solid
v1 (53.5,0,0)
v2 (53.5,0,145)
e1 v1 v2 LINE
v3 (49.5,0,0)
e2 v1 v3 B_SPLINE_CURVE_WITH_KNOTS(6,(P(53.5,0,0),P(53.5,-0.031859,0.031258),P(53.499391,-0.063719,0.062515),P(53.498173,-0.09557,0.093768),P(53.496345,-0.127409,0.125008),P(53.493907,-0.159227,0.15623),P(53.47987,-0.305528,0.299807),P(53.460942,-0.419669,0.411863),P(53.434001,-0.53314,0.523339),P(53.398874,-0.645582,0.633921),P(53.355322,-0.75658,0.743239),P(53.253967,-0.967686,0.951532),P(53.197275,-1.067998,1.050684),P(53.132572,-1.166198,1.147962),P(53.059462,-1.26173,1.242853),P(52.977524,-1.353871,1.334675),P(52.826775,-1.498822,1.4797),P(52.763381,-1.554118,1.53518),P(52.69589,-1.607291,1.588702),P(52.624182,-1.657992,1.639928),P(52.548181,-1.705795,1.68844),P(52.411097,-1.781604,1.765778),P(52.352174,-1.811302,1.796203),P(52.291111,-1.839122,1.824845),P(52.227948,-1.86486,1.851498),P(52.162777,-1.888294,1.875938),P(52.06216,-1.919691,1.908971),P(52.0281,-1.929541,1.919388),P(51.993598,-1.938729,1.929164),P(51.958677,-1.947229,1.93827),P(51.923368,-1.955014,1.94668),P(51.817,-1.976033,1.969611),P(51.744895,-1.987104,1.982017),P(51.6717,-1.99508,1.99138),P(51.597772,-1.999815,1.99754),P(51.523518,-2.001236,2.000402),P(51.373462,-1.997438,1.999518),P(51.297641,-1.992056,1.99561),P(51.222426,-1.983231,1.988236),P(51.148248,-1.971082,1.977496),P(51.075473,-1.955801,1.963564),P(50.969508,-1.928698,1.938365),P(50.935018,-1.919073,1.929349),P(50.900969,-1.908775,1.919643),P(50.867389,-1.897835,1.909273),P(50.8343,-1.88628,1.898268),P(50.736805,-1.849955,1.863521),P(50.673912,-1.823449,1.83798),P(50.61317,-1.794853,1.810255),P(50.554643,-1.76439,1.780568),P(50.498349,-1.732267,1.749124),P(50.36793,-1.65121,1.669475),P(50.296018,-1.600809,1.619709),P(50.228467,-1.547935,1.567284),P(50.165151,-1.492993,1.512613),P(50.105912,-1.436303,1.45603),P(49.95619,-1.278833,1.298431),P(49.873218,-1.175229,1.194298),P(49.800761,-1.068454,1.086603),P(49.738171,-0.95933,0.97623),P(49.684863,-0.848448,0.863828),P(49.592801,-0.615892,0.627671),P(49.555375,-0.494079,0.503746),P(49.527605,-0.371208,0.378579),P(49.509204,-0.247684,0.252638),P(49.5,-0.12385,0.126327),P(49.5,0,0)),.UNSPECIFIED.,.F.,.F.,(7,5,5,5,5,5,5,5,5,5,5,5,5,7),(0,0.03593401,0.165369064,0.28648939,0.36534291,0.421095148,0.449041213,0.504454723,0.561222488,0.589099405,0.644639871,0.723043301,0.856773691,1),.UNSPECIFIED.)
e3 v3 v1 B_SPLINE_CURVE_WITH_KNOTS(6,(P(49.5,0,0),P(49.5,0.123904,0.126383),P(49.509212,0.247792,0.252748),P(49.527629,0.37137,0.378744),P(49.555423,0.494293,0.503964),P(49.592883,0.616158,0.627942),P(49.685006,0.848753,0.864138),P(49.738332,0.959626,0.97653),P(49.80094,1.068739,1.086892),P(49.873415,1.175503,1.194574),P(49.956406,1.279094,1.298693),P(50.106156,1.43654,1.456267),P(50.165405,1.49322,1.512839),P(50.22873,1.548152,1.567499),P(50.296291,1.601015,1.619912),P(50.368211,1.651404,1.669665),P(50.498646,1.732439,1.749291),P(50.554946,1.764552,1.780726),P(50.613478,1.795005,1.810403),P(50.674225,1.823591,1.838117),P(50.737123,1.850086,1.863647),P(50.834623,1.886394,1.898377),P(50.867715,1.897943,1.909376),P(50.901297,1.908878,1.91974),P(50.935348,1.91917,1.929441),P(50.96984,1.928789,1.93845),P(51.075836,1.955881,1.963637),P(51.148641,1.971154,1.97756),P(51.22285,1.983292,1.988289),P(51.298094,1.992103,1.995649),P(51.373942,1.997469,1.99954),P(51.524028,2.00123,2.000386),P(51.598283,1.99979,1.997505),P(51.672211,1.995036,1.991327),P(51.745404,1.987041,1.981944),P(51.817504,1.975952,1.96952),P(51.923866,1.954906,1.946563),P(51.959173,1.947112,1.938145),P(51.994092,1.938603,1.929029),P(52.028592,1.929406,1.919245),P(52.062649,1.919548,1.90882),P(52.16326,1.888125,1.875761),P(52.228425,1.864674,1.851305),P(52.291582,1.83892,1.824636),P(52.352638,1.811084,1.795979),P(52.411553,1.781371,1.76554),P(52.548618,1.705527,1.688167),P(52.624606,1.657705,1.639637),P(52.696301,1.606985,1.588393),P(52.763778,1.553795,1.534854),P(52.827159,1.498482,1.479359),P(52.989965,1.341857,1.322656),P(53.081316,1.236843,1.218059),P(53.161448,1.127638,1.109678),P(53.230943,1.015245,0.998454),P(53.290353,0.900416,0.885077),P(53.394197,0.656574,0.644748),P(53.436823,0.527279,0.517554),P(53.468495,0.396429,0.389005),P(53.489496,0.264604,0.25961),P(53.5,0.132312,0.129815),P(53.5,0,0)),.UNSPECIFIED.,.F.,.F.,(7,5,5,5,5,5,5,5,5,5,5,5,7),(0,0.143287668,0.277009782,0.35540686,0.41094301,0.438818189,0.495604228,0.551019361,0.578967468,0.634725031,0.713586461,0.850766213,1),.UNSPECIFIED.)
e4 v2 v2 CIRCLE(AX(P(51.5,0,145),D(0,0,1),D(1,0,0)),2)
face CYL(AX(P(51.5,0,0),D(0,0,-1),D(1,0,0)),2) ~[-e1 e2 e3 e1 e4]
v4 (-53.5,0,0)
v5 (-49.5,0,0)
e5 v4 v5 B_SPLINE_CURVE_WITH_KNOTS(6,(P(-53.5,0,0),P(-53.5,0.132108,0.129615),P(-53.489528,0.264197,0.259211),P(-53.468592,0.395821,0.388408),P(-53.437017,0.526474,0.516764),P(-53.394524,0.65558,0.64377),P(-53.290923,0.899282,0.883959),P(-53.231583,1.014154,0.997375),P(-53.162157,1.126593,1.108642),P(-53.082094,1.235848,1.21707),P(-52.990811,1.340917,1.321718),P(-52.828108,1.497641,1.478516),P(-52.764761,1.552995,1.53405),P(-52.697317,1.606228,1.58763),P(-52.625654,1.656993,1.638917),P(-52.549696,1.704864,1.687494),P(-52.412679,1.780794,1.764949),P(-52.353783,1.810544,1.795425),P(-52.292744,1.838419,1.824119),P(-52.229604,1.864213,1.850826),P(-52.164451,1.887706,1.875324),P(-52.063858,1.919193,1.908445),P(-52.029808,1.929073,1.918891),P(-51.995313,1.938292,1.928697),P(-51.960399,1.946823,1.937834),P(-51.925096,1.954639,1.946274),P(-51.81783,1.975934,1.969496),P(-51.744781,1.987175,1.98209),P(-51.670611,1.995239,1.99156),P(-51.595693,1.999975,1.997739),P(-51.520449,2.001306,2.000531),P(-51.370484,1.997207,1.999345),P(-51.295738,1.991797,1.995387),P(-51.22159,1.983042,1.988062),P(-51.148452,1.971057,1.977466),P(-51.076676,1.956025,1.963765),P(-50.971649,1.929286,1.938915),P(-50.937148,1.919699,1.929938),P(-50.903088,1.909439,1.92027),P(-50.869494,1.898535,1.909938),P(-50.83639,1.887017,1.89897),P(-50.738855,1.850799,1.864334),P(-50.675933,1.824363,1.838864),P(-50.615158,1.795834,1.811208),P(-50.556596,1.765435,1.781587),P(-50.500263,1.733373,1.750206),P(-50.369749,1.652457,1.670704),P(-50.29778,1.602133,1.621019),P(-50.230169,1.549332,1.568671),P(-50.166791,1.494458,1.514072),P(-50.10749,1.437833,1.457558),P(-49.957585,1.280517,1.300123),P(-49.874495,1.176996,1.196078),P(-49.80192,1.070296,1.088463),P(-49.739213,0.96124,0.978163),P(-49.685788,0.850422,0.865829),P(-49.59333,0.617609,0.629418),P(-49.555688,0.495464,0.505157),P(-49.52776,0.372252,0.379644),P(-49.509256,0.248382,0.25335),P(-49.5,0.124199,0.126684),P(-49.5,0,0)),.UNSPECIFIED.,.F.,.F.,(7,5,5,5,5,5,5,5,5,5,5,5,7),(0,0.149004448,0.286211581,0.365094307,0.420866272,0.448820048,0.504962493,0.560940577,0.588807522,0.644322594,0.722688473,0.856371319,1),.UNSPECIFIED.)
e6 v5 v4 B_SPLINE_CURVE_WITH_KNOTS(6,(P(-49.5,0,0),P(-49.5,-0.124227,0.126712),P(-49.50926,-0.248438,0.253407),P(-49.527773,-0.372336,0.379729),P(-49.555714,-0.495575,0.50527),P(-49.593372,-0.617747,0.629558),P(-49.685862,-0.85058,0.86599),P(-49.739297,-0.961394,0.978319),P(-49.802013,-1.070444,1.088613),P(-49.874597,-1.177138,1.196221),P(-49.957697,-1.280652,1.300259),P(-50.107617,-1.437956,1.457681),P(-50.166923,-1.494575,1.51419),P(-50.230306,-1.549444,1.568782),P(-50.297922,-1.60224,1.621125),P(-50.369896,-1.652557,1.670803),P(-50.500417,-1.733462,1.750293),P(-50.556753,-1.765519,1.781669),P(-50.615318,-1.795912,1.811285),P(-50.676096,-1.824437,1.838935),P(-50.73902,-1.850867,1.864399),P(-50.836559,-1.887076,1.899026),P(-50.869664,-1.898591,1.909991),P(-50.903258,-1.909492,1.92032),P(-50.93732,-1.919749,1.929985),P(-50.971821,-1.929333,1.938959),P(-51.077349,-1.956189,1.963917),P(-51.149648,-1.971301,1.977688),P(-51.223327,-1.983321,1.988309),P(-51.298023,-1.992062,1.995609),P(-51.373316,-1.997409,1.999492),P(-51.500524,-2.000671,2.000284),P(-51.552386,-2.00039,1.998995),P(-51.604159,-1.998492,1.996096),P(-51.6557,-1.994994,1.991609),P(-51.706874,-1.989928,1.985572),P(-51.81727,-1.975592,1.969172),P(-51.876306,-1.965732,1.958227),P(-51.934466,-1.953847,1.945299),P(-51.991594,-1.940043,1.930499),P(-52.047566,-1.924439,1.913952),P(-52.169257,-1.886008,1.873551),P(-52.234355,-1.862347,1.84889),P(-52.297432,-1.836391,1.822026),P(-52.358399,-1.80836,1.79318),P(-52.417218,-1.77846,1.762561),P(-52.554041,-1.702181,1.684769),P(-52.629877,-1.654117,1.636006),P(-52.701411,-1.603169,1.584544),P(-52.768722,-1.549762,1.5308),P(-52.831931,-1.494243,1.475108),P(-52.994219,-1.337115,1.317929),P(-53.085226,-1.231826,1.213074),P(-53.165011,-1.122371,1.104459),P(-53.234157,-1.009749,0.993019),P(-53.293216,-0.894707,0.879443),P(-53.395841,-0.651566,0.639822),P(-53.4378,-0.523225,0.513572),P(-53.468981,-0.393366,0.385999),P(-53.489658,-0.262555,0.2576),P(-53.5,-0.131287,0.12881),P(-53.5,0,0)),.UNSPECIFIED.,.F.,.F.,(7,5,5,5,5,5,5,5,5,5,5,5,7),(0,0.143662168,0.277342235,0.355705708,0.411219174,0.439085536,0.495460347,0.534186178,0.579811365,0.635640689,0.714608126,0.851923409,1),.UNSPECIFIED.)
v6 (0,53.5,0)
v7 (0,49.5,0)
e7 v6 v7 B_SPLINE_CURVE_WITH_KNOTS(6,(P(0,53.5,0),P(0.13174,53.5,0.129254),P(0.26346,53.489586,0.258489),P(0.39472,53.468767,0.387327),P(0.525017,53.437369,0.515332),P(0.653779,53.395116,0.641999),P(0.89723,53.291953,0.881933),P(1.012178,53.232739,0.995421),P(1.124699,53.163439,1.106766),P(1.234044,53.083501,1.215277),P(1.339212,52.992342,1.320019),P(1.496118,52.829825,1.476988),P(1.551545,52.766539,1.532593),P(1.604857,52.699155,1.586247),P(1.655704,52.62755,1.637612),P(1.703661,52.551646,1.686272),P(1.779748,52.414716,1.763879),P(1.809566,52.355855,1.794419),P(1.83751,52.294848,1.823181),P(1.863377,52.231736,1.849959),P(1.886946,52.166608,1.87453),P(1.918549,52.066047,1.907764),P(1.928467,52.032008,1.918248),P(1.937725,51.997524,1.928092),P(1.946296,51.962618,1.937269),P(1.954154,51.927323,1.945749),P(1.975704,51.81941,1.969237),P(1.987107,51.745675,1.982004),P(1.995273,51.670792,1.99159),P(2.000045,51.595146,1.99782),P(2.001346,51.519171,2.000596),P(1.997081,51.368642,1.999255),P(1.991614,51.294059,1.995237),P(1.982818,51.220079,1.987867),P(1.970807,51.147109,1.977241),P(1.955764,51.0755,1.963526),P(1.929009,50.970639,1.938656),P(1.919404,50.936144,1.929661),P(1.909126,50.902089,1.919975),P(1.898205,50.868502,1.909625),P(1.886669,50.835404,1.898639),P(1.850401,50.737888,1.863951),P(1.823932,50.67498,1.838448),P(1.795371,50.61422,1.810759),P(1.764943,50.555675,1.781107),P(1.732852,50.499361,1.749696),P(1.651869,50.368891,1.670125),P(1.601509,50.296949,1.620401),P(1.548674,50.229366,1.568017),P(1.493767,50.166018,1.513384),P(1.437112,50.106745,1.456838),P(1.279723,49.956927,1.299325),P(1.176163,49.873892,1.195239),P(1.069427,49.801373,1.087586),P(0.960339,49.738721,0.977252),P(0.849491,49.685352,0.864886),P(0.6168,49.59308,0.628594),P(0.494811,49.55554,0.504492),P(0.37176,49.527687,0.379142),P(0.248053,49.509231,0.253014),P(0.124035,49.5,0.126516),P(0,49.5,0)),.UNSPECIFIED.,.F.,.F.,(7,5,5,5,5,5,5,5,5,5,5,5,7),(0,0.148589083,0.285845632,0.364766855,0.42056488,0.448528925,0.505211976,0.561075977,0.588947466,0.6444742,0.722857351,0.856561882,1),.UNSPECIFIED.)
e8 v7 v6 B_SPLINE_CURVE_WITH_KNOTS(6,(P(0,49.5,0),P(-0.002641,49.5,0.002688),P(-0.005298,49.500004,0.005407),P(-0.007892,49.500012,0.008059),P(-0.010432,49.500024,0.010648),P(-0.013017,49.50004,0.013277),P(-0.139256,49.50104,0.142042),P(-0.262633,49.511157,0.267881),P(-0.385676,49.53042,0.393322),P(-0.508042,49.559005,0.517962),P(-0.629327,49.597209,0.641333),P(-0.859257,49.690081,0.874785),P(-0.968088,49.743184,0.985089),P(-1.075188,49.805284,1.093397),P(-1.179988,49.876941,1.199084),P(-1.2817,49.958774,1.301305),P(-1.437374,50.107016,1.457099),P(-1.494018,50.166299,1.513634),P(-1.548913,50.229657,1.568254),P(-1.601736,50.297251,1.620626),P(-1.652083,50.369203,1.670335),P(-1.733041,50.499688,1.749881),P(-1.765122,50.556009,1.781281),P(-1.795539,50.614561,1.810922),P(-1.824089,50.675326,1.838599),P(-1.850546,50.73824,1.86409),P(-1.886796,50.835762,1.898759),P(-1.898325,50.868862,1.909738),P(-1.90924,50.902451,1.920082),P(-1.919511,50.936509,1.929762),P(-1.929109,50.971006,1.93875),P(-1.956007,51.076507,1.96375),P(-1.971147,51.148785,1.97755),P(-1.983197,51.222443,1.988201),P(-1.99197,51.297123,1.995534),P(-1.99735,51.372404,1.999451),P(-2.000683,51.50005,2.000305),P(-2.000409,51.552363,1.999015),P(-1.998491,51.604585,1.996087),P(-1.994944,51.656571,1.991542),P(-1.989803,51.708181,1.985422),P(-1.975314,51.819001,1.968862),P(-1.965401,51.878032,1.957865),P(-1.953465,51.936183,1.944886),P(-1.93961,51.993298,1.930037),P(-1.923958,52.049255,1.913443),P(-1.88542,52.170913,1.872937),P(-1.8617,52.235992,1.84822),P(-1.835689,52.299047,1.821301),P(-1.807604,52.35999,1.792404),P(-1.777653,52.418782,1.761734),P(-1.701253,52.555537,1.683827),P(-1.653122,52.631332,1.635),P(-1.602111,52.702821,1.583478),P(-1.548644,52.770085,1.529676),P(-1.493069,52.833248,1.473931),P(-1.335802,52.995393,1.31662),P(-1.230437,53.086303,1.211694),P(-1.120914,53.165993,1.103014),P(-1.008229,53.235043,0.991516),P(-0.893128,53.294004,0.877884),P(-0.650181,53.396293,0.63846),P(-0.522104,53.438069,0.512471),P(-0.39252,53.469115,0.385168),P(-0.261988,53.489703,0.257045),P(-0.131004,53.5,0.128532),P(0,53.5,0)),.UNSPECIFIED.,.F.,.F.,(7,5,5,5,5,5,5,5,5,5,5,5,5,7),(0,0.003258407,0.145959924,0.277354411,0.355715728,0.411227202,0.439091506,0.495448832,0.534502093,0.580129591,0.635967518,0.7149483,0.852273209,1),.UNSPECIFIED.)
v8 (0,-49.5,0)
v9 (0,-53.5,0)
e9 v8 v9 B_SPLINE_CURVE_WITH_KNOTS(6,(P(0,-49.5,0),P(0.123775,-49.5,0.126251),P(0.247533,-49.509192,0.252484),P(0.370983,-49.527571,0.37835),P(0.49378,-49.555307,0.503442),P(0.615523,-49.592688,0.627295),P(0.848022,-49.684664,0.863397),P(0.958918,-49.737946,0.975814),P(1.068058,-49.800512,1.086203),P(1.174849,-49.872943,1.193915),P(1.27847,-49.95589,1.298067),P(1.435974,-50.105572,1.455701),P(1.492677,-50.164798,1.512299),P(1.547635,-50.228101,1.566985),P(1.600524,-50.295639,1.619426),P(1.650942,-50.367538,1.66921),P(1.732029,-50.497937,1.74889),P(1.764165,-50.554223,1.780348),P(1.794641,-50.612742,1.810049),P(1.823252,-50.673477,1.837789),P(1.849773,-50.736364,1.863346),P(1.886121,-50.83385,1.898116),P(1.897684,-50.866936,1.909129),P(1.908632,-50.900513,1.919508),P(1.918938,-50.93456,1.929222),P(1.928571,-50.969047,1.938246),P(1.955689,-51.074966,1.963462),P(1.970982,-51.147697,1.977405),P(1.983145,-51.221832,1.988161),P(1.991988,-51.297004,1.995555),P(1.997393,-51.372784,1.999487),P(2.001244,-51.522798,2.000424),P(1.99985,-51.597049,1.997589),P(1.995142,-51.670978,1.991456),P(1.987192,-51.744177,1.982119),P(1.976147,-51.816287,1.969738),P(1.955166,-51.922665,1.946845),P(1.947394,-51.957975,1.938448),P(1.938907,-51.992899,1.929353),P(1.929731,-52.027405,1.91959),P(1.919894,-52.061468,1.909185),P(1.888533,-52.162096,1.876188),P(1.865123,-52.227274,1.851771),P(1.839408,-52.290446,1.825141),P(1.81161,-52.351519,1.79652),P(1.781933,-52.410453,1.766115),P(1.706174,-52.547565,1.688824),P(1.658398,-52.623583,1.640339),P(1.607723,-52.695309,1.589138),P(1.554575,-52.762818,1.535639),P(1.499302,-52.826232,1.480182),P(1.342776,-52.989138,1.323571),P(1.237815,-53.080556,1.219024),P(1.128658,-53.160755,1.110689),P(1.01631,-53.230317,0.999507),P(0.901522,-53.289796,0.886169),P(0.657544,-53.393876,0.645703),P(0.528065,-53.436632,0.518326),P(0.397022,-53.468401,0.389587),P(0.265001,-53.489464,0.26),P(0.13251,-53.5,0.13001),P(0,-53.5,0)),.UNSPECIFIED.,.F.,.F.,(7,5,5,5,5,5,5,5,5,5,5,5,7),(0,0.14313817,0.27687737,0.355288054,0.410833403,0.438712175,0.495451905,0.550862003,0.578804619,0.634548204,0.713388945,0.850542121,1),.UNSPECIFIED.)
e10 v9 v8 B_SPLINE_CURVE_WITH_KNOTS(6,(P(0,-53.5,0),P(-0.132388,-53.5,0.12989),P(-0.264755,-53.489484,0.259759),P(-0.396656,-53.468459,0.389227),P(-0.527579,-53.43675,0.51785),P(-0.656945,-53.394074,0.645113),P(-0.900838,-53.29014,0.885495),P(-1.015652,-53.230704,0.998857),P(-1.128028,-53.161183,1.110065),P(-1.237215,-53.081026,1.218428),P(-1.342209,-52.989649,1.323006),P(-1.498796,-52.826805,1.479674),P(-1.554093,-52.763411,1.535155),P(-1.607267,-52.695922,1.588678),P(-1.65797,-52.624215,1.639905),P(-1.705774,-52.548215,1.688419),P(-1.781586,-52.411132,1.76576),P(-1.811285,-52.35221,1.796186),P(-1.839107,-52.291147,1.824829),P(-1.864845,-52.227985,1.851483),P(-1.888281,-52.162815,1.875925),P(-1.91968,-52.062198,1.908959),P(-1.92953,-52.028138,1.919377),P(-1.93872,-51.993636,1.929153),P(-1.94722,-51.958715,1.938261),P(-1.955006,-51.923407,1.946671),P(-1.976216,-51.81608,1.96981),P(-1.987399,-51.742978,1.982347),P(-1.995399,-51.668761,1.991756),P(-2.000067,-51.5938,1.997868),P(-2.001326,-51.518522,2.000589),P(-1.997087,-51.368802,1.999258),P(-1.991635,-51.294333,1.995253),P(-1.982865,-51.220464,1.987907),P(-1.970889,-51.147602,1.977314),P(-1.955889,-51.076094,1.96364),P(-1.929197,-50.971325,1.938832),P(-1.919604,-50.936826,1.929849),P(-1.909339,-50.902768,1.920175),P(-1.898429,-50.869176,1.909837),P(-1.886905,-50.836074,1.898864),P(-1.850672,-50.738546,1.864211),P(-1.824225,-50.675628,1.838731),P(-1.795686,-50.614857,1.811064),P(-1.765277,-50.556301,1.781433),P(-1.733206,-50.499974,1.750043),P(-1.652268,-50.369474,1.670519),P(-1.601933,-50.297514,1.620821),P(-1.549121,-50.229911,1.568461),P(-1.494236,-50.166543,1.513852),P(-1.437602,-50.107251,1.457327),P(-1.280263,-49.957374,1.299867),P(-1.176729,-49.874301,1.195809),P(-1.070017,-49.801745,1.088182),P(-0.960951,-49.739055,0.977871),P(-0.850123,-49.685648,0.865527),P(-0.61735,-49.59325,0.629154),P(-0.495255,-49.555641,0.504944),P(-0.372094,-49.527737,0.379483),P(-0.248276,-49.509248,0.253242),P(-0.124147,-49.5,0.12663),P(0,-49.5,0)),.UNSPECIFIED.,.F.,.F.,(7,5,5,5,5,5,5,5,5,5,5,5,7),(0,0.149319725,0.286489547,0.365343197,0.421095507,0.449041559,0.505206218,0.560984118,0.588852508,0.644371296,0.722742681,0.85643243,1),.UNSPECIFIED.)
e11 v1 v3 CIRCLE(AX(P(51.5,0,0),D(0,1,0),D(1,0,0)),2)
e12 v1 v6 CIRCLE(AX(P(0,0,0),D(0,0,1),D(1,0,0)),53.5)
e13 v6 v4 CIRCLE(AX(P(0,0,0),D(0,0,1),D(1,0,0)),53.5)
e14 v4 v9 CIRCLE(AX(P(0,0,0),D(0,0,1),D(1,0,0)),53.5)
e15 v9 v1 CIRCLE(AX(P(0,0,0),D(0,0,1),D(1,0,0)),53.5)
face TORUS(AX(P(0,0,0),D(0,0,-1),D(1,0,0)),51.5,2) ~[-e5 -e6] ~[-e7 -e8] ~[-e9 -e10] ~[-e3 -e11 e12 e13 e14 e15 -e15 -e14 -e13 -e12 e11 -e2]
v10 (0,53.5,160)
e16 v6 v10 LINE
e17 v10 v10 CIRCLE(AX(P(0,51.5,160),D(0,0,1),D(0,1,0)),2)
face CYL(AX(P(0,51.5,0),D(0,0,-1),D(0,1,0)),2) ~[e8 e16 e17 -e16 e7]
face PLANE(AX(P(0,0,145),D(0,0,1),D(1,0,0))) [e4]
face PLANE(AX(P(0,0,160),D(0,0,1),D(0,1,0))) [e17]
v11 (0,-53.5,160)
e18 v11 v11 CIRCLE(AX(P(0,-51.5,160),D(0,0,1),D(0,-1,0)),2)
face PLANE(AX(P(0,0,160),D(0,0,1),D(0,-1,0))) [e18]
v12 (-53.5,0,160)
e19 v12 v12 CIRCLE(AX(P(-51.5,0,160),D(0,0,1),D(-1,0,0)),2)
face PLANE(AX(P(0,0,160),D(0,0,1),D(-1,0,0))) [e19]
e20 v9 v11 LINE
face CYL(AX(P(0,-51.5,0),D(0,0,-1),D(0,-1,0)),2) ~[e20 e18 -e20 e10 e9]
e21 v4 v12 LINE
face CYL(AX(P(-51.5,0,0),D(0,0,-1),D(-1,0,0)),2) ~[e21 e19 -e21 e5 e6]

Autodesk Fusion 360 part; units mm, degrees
sketch "Skizze1" plane through (0, 0, 0) normal (0, 1, 0) x (1, 0, 0)
  circle A0 centre (51.5, 0) radius 2
  dimension "d1" = 4
  dimension "d2" = 51.5
revolve "Drehen1" add sketch "Skizze1" angle 360 about axis through (0, 0, 1.75) along (0, 0, 1)
sketch "Skizze2" plane through (0, 0, 0) normal (0, 0, 1) x (1, 0, 0)
  circle A0 centre (51.5, 0) radius 2
  dimension "d4" = 4
  dimension "d5" = 51.5
extrude "Extrusion1" add sketch "Skizze2" along normal blind 160
pattern_circular "C-Anordnung1" count 4 over 360 about axis through (0, 0, 1.75) along (0, 0, 1) of "Extrusion1"
extrude "Extrusion2" cut 2 faces at (51.5487, 0.65, 160) (51.5487, 0.65, 160) along direction (0, 0, -1) blind 15
thread "Gewinde1" thread offset 0 thread length 37
equation "d4 = d1"
equation "d5 = d2"
